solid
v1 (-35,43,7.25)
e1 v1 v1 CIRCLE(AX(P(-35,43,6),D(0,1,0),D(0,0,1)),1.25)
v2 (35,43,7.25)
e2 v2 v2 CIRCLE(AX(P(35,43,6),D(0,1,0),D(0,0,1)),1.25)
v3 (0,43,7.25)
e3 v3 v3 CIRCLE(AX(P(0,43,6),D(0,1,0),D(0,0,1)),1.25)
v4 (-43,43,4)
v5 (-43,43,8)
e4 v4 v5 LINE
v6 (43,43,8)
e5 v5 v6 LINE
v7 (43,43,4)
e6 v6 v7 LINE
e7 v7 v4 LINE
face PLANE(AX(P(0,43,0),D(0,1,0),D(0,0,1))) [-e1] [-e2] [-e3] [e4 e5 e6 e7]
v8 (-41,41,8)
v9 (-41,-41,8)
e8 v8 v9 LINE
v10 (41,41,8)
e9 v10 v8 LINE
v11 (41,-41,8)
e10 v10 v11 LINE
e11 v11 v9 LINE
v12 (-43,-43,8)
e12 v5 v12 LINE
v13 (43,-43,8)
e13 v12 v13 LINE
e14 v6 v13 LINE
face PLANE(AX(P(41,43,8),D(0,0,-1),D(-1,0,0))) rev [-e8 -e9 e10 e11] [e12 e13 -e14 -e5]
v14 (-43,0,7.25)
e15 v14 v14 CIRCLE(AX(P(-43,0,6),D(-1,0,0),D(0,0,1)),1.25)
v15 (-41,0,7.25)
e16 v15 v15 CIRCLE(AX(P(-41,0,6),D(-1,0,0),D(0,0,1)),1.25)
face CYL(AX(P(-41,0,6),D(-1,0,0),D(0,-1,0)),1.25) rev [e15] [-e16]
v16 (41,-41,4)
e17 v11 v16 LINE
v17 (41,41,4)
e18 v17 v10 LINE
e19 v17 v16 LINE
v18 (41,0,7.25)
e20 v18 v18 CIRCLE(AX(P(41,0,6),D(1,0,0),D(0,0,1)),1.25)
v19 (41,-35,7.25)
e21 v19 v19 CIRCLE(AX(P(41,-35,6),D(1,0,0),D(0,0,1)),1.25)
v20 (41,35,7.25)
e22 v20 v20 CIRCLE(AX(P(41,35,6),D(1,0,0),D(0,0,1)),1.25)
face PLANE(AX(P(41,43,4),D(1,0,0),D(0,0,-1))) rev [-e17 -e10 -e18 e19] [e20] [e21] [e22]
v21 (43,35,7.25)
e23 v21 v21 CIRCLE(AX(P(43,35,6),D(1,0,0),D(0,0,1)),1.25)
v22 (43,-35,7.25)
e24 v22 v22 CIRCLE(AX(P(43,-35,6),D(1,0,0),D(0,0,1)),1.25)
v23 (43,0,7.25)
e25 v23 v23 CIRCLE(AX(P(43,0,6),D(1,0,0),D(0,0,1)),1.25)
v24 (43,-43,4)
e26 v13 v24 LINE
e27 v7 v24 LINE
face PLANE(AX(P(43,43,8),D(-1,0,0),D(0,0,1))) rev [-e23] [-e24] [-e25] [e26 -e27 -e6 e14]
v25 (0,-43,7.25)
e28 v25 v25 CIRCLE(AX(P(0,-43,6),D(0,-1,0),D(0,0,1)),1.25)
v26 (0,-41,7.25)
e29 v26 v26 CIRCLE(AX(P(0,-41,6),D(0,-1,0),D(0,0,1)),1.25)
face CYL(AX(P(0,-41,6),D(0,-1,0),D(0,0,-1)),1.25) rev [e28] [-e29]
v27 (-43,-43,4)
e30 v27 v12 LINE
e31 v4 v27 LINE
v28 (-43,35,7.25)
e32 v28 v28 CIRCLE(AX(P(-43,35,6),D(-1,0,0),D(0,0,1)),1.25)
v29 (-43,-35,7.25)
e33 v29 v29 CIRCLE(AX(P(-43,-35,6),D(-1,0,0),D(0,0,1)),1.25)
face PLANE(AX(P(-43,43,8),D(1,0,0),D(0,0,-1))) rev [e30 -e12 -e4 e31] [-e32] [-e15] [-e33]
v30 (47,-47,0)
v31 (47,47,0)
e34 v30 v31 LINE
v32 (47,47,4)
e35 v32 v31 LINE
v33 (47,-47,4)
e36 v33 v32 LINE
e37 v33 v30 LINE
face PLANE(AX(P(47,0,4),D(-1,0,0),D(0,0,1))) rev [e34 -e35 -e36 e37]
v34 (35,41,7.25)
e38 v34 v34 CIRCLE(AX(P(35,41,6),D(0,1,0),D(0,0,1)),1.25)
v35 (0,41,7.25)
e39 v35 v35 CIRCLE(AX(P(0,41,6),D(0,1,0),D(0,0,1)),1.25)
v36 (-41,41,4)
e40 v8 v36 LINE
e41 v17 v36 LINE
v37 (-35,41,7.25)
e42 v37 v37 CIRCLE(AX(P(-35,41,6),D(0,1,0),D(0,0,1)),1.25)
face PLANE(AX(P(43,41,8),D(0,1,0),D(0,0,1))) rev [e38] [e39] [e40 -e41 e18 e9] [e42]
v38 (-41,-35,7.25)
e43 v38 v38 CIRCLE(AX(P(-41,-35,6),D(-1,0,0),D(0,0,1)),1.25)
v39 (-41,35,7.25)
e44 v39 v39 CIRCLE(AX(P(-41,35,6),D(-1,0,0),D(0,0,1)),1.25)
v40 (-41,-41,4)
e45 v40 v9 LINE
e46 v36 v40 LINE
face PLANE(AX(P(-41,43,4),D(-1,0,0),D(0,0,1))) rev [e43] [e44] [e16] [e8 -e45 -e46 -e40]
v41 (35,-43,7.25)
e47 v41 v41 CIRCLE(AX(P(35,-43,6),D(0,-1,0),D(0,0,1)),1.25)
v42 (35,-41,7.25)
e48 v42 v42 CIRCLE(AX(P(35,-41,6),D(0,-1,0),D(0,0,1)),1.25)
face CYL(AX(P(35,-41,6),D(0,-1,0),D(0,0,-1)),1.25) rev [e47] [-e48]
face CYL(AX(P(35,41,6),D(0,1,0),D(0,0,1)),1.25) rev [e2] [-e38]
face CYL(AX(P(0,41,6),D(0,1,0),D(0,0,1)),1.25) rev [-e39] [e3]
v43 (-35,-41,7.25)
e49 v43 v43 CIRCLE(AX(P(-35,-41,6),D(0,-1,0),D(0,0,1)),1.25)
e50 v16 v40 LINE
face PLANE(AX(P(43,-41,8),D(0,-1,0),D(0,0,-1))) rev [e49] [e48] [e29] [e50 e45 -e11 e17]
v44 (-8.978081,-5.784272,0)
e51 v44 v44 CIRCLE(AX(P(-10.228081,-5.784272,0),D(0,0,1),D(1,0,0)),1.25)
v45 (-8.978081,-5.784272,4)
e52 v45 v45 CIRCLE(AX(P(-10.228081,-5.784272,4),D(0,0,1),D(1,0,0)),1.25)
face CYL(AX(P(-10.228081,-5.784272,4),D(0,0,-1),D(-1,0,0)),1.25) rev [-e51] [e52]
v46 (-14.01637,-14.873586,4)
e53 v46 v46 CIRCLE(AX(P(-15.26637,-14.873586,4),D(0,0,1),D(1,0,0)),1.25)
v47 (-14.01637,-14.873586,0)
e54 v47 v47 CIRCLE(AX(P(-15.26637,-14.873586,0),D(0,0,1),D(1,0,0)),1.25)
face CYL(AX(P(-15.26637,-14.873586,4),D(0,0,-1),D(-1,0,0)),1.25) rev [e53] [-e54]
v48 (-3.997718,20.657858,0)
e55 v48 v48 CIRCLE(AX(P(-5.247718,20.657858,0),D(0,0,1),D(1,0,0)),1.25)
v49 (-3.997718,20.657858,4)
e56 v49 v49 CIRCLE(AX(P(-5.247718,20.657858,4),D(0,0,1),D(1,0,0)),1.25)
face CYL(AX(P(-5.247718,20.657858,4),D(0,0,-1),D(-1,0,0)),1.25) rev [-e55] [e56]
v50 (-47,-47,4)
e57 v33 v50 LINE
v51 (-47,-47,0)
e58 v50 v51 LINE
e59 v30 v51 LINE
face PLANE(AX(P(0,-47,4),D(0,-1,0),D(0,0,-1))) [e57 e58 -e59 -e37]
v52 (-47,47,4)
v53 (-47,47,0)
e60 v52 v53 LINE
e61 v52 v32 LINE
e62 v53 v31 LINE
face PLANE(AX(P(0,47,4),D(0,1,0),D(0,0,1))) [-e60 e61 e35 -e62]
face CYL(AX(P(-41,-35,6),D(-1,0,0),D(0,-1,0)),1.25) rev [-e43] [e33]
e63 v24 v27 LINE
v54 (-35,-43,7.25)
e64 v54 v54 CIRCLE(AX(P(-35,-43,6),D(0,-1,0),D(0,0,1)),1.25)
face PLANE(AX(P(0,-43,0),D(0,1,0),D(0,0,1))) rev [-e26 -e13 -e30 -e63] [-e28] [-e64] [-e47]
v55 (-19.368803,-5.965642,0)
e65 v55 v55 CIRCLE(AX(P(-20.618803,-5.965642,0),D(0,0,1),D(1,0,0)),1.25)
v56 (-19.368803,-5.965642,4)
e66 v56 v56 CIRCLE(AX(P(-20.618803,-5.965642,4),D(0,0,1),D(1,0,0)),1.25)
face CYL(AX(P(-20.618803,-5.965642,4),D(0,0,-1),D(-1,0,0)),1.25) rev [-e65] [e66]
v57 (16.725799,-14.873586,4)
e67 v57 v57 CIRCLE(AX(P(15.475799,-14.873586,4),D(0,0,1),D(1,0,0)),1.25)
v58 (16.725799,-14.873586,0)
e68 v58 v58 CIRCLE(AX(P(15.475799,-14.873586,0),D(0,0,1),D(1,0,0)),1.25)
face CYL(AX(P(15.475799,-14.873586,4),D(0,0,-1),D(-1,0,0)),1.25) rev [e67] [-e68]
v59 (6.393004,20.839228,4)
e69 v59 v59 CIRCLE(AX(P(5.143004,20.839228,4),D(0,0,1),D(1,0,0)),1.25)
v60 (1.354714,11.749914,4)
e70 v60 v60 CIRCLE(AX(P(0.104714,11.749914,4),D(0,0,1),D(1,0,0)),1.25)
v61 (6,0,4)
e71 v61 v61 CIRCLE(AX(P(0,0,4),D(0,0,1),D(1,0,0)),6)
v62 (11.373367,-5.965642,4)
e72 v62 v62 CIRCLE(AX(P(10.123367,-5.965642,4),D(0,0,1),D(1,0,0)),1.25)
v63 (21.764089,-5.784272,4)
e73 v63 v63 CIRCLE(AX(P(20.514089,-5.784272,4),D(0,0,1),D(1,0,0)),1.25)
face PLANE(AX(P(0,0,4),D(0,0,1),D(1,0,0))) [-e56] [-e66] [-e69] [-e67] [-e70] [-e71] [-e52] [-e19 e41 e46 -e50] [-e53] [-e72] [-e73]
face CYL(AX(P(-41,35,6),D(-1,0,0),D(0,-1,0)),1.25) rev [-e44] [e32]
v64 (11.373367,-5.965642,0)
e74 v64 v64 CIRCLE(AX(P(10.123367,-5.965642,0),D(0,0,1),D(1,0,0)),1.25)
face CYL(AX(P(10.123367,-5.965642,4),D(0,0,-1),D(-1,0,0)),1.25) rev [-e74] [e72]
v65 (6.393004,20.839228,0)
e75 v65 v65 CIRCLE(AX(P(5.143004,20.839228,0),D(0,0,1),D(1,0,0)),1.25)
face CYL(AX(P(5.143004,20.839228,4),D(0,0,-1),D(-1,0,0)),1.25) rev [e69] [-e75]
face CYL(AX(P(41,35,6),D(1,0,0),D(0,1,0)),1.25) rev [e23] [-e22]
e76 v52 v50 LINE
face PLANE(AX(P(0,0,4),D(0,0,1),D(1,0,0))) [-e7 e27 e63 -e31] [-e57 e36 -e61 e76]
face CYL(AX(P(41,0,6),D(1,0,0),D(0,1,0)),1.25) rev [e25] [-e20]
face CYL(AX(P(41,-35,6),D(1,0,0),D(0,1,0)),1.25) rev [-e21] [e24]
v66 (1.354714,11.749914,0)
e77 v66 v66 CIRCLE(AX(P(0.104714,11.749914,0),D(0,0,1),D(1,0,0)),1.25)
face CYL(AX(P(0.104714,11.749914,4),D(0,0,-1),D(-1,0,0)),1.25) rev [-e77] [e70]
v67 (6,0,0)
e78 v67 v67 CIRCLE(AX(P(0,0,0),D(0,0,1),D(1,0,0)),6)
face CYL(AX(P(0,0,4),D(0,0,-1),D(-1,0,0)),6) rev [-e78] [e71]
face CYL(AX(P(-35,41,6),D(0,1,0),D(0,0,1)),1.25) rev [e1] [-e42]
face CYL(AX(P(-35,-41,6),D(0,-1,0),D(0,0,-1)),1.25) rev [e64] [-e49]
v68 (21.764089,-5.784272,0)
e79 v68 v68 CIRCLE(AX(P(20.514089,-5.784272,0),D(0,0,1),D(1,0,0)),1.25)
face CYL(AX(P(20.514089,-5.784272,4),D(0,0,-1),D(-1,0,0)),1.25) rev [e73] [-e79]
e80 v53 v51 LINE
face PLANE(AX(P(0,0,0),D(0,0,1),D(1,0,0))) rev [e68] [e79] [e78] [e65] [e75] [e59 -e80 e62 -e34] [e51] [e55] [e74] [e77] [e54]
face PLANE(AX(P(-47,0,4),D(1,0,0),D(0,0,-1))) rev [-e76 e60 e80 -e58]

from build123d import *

# Parameters (mm, degrees)
SKETCH_1_R               = 1.25
SKETCH_1_R_2             = 6
EXTRUDE_1_DEPTH          = 4
SKETCH_3_W               = 2
SKETCH_3_H               = 4
EXTRUDE_2_DEPTH          = 43
SKETCH_4_W               = 4
SKETCH_4_H               = 2
EXTRUDE_3_DEPTH          = 43
SKETCH_5_R               = 1.25
CUT_EXTRUDE_1_DEPTH      = 2
PATTERN_CIRCULAR_1_COUNT = 4


with BuildPart() as part:
    # 草图1 → 凸台-拉伸1 (new body)
    with BuildSketch(Plane.XY):
        Polygon((47, 47), (0, 47), (-47, 47), (-47, 0), (-47, -47), (0, -47), (47, -47), (47, 0), align=None)
        with Locations((-15.266370453, -14.873586171)):
            Circle(SKETCH_1_R, mode=Mode.SUBTRACT)
        with Locations((-20.618803135, -5.965642279)):
            Circle(SKETCH_1_R, mode=Mode.SUBTRACT)
        with Locations((-10.228081088, -5.784271551)):
            Circle(SKETCH_1_R, mode=Mode.SUBTRACT)
        with Locations((15.47579933, -14.873586171)):
            Circle(SKETCH_1_R, mode=Mode.SUBTRACT)
        with Locations((10.123366649, -5.965642279)):
            Circle(SKETCH_1_R, mode=Mode.SUBTRACT)
        with Locations((20.514088696, -5.784271551)):
            Circle(SKETCH_1_R, mode=Mode.SUBTRACT)
        with Locations((-5.247718243, 20.657857721)):
            Circle(SKETCH_1_R, mode=Mode.SUBTRACT)
        Circle(SKETCH_1_R_2, mode=Mode.SUBTRACT)
        with Locations((0.104714439, 11.749913829)):
            Circle(SKETCH_1_R, mode=Mode.SUBTRACT)
        with Locations((5.143003804, 20.839228449)):
            Circle(SKETCH_1_R, mode=Mode.SUBTRACT)
    extrude(amount=EXTRUDE_1_DEPTH)

    # 草图3 → 凸台-拉伸2 (add, symmetric)
    with BuildSketch(Plane(origin=(0, 0, 0), x_dir=(1, 0, 0), z_dir=(0, 1, 0))):
        with Locations((-42, -6)):
            Rectangle(SKETCH_3_W, SKETCH_3_H)
        with Locations((42, -6)):
            Rectangle(SKETCH_3_W, SKETCH_3_H)
    extrude(amount=EXTRUDE_2_DEPTH, both=True)

    # 草图4 → 凸台-拉伸3 (add, symmetric)
    with BuildSketch(Plane(origin=(0, 0, 0), x_dir=(0, 0, -1), z_dir=(1, 0, 0))):
        with Locations((-6, -42)):
            Rectangle(SKETCH_4_W, SKETCH_4_H)
        with Locations((-6, 42)):
            Rectangle(SKETCH_4_W, SKETCH_4_H)
    extrude(amount=EXTRUDE_3_DEPTH, both=True)

    # 草图5 → 切除-拉伸1 (cut)
    with BuildSketch(Plane(origin=(0, 43, 0), x_dir=(1, 0, 0), z_dir=(0, 1, 0))):
        with Locations((0, -6)):
            Circle(SKETCH_5_R)
        with Locations((35, -6)):
            Circle(SKETCH_5_R)
        with Locations((-35, -6)):
            Circle(SKETCH_5_R)
    cut_extrude_1 = extrude(amount=-CUT_EXTRUDE_1_DEPTH, mode=Mode.SUBTRACT)

    # 阵列(圆周)1: 切除-拉伸1 ×4 about axis
    pattern_circular_1_axis = Axis((0, 0, 4), (0, 0, 1))
    for i in range(1, PATTERN_CIRCULAR_1_COUNT):
        add(cut_extrude_1.rotate(pattern_circular_1_axis, i * 360 / PATTERN_CIRCULAR_1_COUNT), mode=Mode.SUBTRACT)


solid = part.part
